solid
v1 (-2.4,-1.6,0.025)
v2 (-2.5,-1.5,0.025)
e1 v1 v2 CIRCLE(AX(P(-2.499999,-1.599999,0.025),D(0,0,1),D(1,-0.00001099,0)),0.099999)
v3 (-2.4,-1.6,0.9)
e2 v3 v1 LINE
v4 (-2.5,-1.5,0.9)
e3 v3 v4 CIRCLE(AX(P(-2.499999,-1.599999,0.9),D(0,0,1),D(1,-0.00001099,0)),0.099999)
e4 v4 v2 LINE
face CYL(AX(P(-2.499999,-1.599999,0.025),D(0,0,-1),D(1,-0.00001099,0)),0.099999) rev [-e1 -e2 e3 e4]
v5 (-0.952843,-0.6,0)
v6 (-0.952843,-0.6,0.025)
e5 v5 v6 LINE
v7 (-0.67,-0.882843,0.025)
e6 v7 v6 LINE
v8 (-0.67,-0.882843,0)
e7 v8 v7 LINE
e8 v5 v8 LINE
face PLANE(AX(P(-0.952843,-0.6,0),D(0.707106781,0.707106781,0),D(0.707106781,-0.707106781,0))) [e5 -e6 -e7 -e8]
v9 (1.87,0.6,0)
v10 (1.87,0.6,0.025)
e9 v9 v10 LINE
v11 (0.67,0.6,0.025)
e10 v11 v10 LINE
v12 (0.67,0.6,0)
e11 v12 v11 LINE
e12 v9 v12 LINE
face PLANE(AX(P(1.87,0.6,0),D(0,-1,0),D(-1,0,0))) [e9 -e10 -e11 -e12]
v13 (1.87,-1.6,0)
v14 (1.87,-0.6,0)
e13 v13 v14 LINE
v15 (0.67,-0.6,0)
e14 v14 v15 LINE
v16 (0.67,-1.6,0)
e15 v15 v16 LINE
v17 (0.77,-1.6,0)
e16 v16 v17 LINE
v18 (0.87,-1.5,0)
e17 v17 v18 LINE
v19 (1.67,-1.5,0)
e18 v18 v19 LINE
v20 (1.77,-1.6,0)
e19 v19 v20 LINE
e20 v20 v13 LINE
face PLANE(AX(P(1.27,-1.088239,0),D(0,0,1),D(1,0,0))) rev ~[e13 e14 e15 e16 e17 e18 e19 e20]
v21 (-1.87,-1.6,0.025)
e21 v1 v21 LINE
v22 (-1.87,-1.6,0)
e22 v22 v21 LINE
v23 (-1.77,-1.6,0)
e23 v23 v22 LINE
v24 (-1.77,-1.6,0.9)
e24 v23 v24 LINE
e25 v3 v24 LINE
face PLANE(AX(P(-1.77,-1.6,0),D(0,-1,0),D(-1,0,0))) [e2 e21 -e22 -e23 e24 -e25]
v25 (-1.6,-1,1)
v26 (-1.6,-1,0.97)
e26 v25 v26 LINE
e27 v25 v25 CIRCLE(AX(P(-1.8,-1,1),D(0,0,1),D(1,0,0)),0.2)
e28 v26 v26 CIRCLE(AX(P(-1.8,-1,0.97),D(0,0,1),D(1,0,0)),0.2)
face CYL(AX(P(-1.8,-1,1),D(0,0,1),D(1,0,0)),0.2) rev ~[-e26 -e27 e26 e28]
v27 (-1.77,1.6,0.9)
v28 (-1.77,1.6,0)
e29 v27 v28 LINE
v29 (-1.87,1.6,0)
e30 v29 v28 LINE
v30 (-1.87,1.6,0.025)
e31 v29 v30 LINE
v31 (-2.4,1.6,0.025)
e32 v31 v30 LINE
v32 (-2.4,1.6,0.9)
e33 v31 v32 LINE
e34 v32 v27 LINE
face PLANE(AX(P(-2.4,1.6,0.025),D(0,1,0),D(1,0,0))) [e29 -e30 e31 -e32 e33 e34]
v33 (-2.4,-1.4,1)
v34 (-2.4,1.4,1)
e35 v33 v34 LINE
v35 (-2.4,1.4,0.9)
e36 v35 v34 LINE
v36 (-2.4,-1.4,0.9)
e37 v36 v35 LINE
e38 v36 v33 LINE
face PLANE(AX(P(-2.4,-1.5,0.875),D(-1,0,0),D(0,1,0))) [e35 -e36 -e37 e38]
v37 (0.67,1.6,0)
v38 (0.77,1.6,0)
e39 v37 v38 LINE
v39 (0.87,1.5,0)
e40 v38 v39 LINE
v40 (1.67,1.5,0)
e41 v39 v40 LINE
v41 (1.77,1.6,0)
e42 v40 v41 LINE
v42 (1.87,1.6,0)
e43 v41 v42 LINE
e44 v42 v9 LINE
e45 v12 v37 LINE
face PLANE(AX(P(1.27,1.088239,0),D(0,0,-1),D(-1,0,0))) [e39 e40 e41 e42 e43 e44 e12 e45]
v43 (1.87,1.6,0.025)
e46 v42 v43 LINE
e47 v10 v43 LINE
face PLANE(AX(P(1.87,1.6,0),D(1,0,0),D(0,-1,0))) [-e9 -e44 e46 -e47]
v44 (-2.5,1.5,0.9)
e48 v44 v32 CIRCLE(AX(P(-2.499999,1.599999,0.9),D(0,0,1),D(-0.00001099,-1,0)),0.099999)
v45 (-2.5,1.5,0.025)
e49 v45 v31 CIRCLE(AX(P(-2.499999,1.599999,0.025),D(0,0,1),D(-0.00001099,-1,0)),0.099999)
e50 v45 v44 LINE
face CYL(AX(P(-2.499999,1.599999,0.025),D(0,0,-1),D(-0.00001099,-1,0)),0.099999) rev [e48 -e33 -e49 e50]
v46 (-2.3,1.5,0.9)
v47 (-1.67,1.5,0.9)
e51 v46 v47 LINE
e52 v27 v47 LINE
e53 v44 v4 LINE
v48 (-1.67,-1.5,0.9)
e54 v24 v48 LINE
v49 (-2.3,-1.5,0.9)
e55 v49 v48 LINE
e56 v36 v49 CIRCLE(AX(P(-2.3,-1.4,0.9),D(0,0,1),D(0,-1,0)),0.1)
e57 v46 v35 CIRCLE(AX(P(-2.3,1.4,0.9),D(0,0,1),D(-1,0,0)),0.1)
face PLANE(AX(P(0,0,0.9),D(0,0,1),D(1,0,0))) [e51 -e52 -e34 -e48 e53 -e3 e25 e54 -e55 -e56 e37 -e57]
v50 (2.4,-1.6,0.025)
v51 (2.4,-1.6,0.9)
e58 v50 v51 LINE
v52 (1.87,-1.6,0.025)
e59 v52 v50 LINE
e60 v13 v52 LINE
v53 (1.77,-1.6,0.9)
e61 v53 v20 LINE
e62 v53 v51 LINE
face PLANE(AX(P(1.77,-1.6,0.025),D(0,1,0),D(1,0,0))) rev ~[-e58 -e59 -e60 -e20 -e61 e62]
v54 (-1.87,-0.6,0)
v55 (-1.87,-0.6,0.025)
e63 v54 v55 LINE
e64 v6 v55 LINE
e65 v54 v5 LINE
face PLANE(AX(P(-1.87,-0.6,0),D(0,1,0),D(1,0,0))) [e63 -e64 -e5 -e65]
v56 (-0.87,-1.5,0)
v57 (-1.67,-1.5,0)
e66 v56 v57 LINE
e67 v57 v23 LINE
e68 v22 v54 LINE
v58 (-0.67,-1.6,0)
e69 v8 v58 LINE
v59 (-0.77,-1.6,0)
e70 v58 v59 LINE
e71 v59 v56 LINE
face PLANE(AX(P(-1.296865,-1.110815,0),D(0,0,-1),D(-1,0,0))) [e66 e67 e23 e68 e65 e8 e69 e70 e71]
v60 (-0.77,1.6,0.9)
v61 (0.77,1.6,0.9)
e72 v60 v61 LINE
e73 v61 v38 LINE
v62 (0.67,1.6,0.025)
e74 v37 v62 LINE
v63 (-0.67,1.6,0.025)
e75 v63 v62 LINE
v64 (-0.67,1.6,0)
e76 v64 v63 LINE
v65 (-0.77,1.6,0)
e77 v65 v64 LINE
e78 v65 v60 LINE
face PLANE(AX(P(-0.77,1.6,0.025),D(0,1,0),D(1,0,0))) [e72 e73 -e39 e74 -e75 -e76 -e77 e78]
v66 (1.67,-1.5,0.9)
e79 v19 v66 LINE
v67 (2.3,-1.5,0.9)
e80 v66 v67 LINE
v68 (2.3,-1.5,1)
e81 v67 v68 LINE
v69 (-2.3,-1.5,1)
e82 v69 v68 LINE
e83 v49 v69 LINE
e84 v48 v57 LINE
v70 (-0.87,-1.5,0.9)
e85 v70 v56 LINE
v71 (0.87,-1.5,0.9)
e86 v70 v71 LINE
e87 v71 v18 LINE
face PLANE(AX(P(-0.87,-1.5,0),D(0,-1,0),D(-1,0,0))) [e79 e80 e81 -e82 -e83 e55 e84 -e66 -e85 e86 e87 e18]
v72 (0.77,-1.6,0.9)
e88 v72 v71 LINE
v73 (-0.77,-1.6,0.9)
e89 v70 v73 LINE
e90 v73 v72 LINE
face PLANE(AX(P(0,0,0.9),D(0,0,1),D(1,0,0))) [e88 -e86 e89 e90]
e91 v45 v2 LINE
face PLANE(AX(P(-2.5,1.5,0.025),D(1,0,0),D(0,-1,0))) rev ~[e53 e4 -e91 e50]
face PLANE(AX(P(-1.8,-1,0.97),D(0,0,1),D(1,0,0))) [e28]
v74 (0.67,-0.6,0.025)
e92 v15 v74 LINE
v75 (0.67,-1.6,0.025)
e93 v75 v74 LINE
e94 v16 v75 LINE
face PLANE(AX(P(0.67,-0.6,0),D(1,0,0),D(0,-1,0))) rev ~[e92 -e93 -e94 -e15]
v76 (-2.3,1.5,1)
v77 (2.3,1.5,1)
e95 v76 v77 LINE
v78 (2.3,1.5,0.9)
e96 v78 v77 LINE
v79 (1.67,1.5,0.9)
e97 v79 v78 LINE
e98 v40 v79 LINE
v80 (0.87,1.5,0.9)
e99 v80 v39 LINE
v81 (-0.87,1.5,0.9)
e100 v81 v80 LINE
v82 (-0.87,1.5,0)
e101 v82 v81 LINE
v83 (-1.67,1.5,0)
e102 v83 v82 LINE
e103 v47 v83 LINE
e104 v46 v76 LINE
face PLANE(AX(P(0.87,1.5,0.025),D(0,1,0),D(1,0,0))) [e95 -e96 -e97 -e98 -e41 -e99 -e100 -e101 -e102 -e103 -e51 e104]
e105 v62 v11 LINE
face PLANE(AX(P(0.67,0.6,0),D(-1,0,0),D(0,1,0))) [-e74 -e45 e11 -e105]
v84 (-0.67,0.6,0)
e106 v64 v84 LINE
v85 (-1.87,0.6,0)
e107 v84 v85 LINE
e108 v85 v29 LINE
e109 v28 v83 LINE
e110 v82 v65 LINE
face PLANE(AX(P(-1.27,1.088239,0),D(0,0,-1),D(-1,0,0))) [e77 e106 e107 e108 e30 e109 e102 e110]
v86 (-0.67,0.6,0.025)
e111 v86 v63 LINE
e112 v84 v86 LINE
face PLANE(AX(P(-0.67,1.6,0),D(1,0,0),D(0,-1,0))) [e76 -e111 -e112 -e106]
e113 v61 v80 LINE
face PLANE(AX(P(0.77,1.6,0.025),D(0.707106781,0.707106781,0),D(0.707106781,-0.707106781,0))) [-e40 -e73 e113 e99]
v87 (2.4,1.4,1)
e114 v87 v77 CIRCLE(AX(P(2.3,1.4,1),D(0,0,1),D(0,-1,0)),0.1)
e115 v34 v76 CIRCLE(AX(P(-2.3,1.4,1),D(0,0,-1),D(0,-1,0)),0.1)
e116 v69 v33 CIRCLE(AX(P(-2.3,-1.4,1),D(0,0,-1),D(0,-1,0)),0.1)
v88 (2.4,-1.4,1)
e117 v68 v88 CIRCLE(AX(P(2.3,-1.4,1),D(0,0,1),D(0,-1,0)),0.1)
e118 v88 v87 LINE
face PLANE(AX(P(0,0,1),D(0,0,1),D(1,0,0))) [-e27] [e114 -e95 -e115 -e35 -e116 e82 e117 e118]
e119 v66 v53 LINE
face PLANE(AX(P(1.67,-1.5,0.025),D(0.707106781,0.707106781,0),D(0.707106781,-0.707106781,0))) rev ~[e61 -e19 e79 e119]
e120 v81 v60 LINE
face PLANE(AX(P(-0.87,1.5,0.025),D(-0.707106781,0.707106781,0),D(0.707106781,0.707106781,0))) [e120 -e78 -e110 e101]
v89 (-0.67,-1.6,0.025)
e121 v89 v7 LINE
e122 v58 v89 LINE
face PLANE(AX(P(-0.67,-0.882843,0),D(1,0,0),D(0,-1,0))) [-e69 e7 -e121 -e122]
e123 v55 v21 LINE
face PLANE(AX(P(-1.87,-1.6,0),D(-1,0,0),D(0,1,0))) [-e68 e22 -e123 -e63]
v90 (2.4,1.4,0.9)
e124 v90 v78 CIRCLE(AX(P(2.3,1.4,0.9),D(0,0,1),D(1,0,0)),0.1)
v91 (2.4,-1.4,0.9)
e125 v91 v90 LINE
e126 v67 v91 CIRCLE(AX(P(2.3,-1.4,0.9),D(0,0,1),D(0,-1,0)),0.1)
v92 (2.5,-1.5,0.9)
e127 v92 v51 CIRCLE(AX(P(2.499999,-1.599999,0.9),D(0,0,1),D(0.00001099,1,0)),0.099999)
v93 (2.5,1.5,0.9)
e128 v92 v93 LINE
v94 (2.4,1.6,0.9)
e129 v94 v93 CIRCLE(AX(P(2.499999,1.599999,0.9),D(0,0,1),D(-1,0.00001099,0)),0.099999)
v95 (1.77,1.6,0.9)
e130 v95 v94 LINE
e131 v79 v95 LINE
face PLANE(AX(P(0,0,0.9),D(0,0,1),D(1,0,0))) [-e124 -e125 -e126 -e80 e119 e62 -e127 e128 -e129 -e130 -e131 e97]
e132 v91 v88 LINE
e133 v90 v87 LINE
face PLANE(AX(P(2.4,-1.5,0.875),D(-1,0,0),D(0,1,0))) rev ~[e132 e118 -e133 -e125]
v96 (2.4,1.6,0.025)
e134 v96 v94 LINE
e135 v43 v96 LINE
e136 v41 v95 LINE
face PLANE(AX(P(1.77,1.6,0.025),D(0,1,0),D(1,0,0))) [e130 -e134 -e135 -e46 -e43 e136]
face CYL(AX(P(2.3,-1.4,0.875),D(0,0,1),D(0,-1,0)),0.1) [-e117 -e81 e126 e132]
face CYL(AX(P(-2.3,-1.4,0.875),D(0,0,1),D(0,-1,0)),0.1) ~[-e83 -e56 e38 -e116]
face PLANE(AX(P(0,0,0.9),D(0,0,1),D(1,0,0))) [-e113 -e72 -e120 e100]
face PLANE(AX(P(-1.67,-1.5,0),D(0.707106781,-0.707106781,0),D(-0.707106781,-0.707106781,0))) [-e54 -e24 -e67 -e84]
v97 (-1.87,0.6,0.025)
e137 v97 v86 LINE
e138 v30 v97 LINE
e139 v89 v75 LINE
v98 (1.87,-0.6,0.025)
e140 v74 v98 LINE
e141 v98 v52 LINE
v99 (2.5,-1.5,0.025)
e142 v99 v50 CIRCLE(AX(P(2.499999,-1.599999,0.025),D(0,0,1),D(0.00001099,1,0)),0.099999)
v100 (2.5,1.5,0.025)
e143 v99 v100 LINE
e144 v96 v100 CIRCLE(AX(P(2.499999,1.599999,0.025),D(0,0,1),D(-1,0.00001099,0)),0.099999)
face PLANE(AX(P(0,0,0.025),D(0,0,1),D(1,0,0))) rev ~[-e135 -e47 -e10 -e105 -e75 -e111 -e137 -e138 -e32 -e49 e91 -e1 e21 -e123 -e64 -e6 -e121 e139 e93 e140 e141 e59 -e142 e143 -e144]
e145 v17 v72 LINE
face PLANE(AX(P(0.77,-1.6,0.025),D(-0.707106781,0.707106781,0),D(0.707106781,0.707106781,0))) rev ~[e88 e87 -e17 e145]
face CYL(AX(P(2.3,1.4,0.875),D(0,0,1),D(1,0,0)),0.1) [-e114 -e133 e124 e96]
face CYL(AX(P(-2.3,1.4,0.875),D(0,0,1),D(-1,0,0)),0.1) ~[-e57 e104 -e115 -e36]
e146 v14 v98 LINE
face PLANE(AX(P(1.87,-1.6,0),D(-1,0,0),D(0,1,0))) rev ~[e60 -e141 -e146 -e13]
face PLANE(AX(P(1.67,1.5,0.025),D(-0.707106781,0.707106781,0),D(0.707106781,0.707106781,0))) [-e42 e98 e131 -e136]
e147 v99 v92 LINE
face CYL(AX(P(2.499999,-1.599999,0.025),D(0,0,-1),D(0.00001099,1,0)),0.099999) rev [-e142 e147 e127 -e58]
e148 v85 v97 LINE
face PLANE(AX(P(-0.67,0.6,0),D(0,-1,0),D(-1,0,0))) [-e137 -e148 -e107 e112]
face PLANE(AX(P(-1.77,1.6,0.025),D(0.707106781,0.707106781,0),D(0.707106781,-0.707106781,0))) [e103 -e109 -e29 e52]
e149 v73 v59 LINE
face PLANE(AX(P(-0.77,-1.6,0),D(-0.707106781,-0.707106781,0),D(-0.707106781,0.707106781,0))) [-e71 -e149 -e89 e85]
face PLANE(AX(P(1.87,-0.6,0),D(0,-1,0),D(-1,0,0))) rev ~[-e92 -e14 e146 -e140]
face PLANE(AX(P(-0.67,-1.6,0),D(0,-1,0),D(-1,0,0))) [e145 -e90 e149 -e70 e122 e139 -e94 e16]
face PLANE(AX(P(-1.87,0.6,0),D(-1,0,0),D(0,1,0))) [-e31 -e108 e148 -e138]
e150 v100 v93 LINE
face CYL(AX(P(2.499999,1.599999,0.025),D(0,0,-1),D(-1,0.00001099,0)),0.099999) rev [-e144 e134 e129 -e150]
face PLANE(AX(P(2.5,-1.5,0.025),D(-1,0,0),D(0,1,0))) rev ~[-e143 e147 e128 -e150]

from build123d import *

# Parameters (mm, degrees)
PAD004_DEPTH = 0.025
PAD_DEPTH    = 0.85
PAD003_DEPTH = 0.75
SKETCH002_W  = 4.8
SKETCH002_H  = 3
PAD001_DEPTH = 0.125
FILLET_R     = 0.1
FILLET001_R  = 0.1
FILLET002_R  = 0.1
FILLET003_R  = 0.1
SKETCH005_R  = 0.2
POCKET_DEPTH = 0.03


with BuildPart() as bodycover:
    # Sketch006 → Pad004 (new body)
    with BuildSketch(Plane.XY.offset(0.875)):
        with BuildLine():
            Line((-1.77, -1.6), (-1.67, -1.5))
            Line((-1.67, -1.5), (-0.87, -1.5))
            Line((-0.87, -1.5), (-0.77, -1.6))
            Line((-0.77, -1.6), (0.77, -1.6))
            Line((0.77, -1.6), (0.87, -1.5))
            Line((0.87, -1.5), (1.67, -1.5))
            Line((1.67, -1.5), (1.77, -1.6))
            Line((1.77, -1.6), (2.4, -1.6))
            ThreePointArc((2.5, -1.5), (2.429289, -1.529289), (2.4, -1.6))
            Line((2.5, -1.5), (2.5, 1.5))
            ThreePointArc((2.4, 1.6), (2.429289, 1.529289), (2.5, 1.5))
            Line((1.77, 1.6), (2.4, 1.6))
            Line((1.67, 1.5), (1.77, 1.6))
            Line((0.87, 1.5), (1.67, 1.5))
            Line((0.77, 1.6), (0.87, 1.5))
            Line((-0.77, 1.6), (0.77, 1.6))
            Line((-0.87, 1.5), (-0.77, 1.6))
            Line((-1.67, 1.5), (-0.87, 1.5))
            Line((-1.77, 1.6), (-1.67, 1.5))
            Line((-2.4, 1.6), (-1.77, 1.6))
            ThreePointArc((-2.5, 1.5), (-2.429289, 1.529289), (-2.4, 1.6))
            Line((-2.5, 1.5), (-2.5, -1.5))
            ThreePointArc((-2.4, -1.6), (-2.429289, -1.529289), (-2.5, -1.5))
            Line((-2.4, -1.6), (-1.77, -1.6))
        make_face()
    extrude(amount=PAD004_DEPTH)


with BuildPart() as body:
    # Sketch → Pad (new body)
    with BuildSketch(Plane.XY.offset(0.025)):
        with BuildLine():
            Line((-1.77, -1.6), (-1.67, -1.5))
            Line((-1.67, -1.5), (-0.87, -1.5))
            Line((-0.87, -1.5), (-0.77, -1.6))
            Line((-0.77, -1.6), (0.77, -1.6))
            Line((0.77, -1.6), (0.87, -1.5))
            Line((0.87, -1.5), (1.67, -1.5))
            Line((1.67, -1.5), (1.77, -1.6))
            Line((1.77, -1.6), (2.4, -1.6))
            ThreePointArc((2.5, -1.5), (2.429289, -1.529289), (2.4, -1.6))
            Line((2.5, -1.5), (2.5, 1.5))
            ThreePointArc((2.4, 1.6), (2.429289, 1.529289), (2.5, 1.5))
            Line((1.77, 1.6), (2.4, 1.6))
            Line((1.67, 1.5), (1.77, 1.6))
            Line((0.87, 1.5), (1.67, 1.5))
            Line((0.77, 1.6), (0.87, 1.5))
            Line((-0.77, 1.6), (0.77, 1.6))
            Line((-0.87, 1.5), (-0.77, 1.6))
            Line((-1.67, 1.5), (-0.87, 1.5))
            Line((-1.77, 1.6), (-1.67, 1.5))
            Line((-2.4, 1.6), (-1.77, 1.6))
            ThreePointArc((-2.5, 1.5), (-2.429289, 1.529289), (-2.4, 1.6))
            Line((-2.5, 1.5), (-2.5, -1.5))
            ThreePointArc((-2.4, -1.6), (-2.429289, -1.529289), (-2.5, -1.5))
            Line((-2.4, -1.6), (-1.77, -1.6))
        make_face()
    extrude(amount=PAD_DEPTH)


with BuildPart() as pads:
    # Sketch004 → Pad003 (new body)
    with BuildSketch(Plane.XY):
        Polygon((-0.67, 1.6), (-0.67, 0.6), (-1.87, 0.6), (-1.87, 1.6), (-1.77, 1.6), (-1.67, 1.5), (-0.87, 1.5), (-0.77, 1.6), align=None)
        Polygon((1.87, 1.6), (1.87, 0.6), (0.67, 0.6), (0.67, 1.6), (0.77, 1.6), (0.87, 1.5), (1.67, 1.5), (1.77, 1.6), align=None)
        Polygon((1.87, -1.6), (1.87, -0.6), (0.67, -0.6), (0.67, -1.6), (0.77, -1.6), (0.87, -1.5), (1.67, -1.5), (1.77, -1.6), align=None)
        Polygon((-1.87, -1.6), (-1.87, -0.6), (-0.952843, -0.6), (-0.67, -0.882843), (-0.67, -1.6), (-0.77, -1.6), (-0.87, -1.5), (-1.67, -1.5), (-1.77, -1.6), align=None)
    extrude(amount=PAD003_DEPTH)


with BuildPart() as fusion:
    # Sketch002 → Pad001 (new body)
    with BuildSketch(Plane.XY.offset(0.875)):
        Rectangle(SKETCH002_W, SKETCH002_H)
    extrude(amount=PAD001_DEPTH)

    # Fillet
    fillet_edges = [fusion.edges().sort_by_distance(p)[0] for p in [
        (2.4, -1.5, 0.9375),
    ]]
    fillet(fillet_edges, radius=FILLET_R)

    # Fillet001
    fillet001_edges = [fusion.edges().sort_by_distance(p)[0] for p in [
        (2.4, 1.5, 0.9375),
    ]]
    fillet(fillet001_edges, radius=FILLET001_R)

    # Fillet002
    fillet002_edges = [fusion.edges().sort_by_distance(p)[0] for p in [
        (-2.4, -1.5, 0.9375),
    ]]
    fillet(fillet002_edges, radius=FILLET002_R)

    # Fillet003
    fillet003_edges = [fusion.edges().sort_by_distance(p)[0] for p in [
        (-2.4, 1.5, 0.9375),
    ]]
    fillet(fillet003_edges, radius=FILLET003_R)

    # Sketch005 → Pocket (cut)
    with BuildSketch(Plane.XY.offset(1)):
        with Locations((-1.8, -1)):
            Circle(SKETCH005_R)
    extrude(amount=-POCKET_DEPTH, mode=Mode.SUBTRACT)

    # Fusion: union BodyCover, Body, Pads
    add(bodycover.part)
    add(body.part)
    add(pads.part)


solid = fusion.part
